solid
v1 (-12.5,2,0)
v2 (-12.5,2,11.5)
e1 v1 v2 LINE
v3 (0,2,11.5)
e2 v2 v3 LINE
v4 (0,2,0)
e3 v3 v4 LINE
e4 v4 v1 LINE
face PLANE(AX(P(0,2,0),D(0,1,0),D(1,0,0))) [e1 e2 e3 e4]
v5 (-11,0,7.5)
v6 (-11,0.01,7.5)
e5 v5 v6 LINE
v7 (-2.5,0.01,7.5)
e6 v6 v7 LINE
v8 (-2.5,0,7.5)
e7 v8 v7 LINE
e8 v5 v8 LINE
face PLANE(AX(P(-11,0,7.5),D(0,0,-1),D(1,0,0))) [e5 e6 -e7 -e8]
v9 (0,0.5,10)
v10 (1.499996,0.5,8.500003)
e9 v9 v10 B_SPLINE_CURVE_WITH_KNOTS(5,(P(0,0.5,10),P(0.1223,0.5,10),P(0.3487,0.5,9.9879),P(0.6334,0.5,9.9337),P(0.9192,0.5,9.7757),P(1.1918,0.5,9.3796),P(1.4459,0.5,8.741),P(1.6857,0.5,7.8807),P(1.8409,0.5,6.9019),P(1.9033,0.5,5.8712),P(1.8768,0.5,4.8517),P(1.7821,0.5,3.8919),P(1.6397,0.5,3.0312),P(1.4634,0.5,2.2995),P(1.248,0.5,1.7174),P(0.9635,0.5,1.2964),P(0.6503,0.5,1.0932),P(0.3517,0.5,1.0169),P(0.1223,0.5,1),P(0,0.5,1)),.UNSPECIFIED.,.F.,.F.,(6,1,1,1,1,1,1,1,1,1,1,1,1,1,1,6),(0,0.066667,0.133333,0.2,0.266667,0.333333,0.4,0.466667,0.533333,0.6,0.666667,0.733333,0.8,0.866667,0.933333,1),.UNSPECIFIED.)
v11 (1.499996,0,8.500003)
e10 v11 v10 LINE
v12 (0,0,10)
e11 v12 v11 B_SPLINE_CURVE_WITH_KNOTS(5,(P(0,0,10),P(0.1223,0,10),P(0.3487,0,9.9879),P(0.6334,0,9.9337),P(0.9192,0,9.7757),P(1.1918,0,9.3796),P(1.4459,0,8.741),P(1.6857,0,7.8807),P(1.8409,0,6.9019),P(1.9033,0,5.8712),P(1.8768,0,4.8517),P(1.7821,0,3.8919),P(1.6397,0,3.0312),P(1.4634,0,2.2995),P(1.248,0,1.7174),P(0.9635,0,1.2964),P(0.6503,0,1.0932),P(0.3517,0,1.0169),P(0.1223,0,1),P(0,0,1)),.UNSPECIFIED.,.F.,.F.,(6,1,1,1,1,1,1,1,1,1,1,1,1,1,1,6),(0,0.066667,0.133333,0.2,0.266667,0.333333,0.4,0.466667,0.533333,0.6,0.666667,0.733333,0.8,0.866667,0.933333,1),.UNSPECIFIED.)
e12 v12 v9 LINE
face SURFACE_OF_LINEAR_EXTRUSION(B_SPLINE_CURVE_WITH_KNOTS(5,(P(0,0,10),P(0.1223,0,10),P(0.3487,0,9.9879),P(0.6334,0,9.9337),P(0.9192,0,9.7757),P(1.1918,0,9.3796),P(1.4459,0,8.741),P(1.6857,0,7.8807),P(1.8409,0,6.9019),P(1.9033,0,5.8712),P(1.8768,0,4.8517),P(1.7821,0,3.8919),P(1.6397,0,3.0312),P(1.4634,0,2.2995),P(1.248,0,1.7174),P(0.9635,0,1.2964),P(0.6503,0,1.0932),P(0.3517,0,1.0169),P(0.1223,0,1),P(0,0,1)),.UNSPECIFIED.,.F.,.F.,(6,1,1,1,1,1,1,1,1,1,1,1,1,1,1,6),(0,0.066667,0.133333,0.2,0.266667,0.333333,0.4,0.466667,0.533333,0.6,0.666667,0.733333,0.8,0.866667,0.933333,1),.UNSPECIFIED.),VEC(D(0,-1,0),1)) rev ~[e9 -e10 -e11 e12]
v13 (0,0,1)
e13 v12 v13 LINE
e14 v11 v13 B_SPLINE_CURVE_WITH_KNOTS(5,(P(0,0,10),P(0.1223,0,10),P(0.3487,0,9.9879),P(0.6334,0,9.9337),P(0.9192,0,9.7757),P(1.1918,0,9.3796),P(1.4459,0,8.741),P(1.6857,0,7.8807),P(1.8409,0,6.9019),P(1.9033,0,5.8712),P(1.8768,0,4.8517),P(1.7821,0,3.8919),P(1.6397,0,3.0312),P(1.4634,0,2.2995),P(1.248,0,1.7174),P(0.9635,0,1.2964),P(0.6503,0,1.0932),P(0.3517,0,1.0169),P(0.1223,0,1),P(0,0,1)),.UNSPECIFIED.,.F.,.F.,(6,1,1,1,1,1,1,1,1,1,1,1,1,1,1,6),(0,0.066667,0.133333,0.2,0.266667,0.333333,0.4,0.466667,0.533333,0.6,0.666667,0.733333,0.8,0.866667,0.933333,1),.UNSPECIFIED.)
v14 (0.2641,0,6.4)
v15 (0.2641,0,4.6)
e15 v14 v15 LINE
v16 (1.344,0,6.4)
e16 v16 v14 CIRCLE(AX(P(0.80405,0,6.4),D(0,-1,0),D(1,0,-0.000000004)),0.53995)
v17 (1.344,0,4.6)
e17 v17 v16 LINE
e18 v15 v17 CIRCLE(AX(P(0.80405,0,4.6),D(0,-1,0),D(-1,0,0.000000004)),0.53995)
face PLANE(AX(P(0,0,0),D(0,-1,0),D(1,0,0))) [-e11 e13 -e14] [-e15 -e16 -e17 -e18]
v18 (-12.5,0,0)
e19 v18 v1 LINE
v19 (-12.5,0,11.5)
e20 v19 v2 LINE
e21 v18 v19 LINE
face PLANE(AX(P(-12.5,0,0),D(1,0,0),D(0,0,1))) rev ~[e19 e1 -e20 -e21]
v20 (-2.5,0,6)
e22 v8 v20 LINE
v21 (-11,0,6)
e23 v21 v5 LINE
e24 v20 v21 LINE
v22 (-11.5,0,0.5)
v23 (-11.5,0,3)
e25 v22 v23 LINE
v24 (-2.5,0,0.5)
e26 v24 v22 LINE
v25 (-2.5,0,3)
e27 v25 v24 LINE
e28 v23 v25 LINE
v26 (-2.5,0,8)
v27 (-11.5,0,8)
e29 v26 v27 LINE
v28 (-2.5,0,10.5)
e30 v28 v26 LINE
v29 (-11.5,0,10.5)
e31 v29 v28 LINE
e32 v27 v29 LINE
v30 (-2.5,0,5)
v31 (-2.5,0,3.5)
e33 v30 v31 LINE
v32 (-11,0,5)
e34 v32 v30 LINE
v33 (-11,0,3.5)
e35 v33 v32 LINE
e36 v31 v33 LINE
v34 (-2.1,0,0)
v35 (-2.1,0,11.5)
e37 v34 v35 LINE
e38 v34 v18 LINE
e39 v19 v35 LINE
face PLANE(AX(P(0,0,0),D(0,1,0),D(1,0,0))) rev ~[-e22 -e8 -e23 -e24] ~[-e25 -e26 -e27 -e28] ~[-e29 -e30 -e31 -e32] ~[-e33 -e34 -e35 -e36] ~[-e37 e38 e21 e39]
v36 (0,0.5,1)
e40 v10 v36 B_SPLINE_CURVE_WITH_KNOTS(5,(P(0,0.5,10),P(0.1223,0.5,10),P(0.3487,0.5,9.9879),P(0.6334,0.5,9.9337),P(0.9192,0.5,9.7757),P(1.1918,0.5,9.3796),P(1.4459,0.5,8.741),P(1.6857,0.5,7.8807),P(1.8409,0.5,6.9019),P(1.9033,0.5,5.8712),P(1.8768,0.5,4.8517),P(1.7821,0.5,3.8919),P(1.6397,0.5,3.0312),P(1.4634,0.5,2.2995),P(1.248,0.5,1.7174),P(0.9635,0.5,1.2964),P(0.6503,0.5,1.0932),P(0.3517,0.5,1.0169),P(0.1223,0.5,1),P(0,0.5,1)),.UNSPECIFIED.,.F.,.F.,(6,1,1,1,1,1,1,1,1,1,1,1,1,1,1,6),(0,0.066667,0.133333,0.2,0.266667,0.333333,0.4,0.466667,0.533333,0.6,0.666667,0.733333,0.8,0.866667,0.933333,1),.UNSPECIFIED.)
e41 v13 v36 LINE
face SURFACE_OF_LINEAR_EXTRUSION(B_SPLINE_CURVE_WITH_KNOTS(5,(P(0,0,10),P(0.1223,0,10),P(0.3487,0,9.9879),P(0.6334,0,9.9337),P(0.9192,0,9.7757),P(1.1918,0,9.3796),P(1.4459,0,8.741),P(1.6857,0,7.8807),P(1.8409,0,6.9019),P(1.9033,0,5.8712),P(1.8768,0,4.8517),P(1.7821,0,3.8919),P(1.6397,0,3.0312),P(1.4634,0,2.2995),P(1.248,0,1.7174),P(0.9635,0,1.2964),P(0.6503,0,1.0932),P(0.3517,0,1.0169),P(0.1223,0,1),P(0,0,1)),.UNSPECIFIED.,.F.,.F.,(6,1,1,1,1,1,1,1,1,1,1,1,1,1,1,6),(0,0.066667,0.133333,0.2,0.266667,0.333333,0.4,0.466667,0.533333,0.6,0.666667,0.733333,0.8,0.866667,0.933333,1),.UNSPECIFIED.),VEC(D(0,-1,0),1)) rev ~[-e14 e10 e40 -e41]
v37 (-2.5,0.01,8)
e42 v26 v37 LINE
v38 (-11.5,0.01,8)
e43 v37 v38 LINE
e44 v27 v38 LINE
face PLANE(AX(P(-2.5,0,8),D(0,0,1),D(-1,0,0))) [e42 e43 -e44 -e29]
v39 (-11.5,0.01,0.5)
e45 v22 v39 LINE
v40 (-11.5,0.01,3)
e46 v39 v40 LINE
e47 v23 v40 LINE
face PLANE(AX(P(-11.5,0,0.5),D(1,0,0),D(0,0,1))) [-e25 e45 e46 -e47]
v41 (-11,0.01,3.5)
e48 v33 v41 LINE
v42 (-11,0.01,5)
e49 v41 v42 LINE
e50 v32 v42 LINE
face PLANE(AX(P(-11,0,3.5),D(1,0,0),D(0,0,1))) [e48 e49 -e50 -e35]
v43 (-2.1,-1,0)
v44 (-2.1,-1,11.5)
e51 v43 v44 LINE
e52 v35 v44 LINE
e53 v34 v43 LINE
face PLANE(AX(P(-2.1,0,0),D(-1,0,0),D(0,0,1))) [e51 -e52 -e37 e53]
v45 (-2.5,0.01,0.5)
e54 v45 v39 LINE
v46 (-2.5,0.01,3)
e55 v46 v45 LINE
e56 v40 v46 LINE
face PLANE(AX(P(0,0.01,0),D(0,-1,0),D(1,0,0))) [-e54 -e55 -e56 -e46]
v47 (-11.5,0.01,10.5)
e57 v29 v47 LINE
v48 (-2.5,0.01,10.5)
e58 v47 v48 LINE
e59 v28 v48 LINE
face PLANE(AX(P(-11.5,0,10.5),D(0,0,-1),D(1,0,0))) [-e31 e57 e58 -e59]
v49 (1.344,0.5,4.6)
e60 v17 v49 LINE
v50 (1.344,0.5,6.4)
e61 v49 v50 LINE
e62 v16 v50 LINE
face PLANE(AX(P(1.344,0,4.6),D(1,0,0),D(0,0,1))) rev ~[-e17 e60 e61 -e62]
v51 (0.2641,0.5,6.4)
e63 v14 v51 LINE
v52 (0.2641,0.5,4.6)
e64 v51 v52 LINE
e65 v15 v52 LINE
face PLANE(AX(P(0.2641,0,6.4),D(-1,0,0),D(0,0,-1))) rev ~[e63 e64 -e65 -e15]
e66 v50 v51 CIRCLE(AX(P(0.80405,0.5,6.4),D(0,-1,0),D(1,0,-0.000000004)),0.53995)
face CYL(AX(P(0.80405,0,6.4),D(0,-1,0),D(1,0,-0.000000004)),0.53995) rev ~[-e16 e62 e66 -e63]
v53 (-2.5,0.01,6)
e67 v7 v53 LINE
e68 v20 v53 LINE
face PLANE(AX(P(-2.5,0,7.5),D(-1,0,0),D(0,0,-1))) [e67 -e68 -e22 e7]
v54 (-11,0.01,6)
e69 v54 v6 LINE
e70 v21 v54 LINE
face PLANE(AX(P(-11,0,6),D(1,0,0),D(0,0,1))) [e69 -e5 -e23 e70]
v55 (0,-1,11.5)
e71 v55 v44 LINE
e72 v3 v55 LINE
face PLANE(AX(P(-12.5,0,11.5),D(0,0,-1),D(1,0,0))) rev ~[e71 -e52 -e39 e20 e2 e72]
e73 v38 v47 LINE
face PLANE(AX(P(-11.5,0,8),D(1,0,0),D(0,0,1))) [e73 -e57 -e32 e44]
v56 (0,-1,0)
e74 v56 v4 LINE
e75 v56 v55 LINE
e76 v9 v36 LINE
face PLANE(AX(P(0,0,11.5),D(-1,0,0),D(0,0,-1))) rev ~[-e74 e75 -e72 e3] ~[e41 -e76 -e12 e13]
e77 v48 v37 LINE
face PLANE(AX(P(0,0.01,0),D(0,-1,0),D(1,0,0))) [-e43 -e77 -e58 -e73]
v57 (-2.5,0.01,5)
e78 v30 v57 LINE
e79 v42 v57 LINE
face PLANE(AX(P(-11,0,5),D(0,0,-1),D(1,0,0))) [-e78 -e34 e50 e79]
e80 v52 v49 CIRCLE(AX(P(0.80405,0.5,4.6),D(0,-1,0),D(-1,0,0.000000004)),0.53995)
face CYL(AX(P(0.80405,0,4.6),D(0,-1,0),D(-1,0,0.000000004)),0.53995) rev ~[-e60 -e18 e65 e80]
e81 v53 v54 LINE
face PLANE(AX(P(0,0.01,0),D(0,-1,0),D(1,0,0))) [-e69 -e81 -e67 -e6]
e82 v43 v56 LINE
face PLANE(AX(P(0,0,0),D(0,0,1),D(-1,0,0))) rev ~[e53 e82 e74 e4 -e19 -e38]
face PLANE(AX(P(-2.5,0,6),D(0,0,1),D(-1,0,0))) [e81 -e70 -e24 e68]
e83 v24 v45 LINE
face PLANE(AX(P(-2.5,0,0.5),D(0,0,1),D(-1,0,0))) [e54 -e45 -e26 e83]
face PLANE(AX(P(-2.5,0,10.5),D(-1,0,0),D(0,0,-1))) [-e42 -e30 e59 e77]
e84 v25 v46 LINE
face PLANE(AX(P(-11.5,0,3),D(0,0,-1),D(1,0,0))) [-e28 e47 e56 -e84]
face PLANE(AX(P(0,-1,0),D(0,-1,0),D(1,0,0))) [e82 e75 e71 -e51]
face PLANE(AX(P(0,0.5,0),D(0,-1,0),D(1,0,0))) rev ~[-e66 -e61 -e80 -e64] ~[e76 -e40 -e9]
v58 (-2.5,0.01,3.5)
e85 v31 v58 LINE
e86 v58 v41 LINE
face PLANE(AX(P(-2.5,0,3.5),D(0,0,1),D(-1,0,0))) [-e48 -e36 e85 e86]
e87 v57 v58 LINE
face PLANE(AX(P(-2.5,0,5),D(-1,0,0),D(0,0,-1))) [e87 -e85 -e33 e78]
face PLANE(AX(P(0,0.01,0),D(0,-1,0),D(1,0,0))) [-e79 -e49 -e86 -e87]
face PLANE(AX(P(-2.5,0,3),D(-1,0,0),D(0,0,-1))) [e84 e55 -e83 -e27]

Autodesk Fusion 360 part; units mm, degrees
sketch "Sketch1" plane through (0, 0, 0) normal (0, 1, 0) x (1, 0, 0)
  line L0 (0, 0) -> (-12.5, 0)
  line L1 (-12.5, 0) -> (-12.5, -11.5)
  line L2 (-12.5, -11.5) -> (0, -11.5)
  line L3 (0, -11.5) -> (0, 0)
  dimension "d1" = 12.5
  dimension "d2" = 11.5
extrude "Extrude1" add sketch "Sketch1" along normal blind 2
sketch "Sketch2" plane through (0, 0, 0) normal (0, -1, 0) x (1, 0, 0)
  line L0 (0, 0) -> (0, 11.5)
  line L1 (0, 11.5) -> (-12.5, 11.5)
  line L2 (-12.5, 11.5) -> (-12.5, 0)
  line L3 (-12.5, 0) -> (0, 0)
  line L4 (0, 0) -> (-2.1, 0)
  line L5 (-2.1, 0) -> (-2.1, 11.5)
  line L6 (-2.1, 11.5) -> (0, 11.5)
  line L7 (0, 11.5) -> (0, 0)
  dimension "d5" = 2.1
extrude "Extrude2" add sketch "Sketch2" along normal blind 1 contours L0 L1 L3 L4 L5 L6 L7
sketch "Sketch3" plane through (0, 0, 0) normal (0, -1, 0) x (1, 0, 0)
  line L0 (-2.1, 0) -> (-2.1, 11.5)
  line L1 (-2.1, 11.5) -> (-12.5, 11.5)
  line L2 (-12.5, 11.5) -> (-12.5, 0)
  line L3 (-12.5, 0) -> (-2.1, 0)
  spline S0 degree 5 poles (0, 10) (0.1223, 10) (0.3487, 9.9879) (0.6334, 9.9337) (0.9192, 9.7757) (1.1918, 9.3796) (1.4459, 8.741) (1.6857, 7.8807) (1.8409, 6.9019) (1.9033, 5.8712) (1.8768, 4.8517) (1.7821, 3.8919) (1.6397, 3.0312) (1.4634, 2.2995) (1.248, 1.7174) (0.9635, 1.2964) (0.6503, 1.0932) (0.3517, 1.0169) (0.1223, 1) (0, 1) knots 0 0 0 0 0 0 0.066667 0.133333 0.2 0.266667 0.333333 0.4 0.466667 0.533333 0.6 0.666667 0.733333 0.8 0.866667 0.933333 1 1 1 1 1 1
  line L4 (0.2641, 6.4) -> (0.2641, 4.6)
  arc A0 (0.2641, 4.6) -> (1.344, 4.6) centre (0.804, 4.6) ccw
  line L5 (1.344, 4.6) -> (1.344, 6.4)
  arc A1 (1.344, 6.4) -> (0.2641, 6.4) centre (0.804, 6.4) ccw
  line L6 (0.804, 6.4) -> (0.804, 4.6) construction
  line L7 (1.2151, 9.4545) -> (1.7849, 7.5455)
  line L8 (0, 10) -> (0, 1)
  line L9 (-1, 10) -> (1, 10)
  line L10 (1, 1) -> (-1, 1)
  point P0 (1.5, 8.5)
  point P1 (1.5, 2.5)
  point P2 (0.804, 5.5)
  dimension "d8" = 5.5
  dimension "d9" = 1.8
extrude "Extrude3" add sketch "Sketch3" against normal blind 0.5 contours S0 L8
sketch "Sketch4" plane through (0, 0, 0) normal (0, -1, 0) x (1, 0, 0)
  line L0 (-2.1, 0) -> (-2.1, 11.5)
  line L1 (-2.1, 11.5) -> (-12.5, 11.5)
  line L2 (-12.5, 11.5) -> (-12.5, 0)
  line L3 (-12.5, 0) -> (-2.1, 0)
  line L4 (-11.5, 10.5) -> (-2.5, 10.5)
  line L5 (-2.5, 10.5) -> (-2.5, 8)
  line L6 (-2.5, 8) -> (-11.5, 8)
  line L7 (-11.5, 8) -> (-11.5, 10.5)
  line L8 (-2.5, 0.5) -> (-11.5, 0.5)
  line L9 (-11.5, 0.5) -> (-11.5, 3)
  line L10 (-11.5, 3) -> (-2.5, 3)
  line L11 (-2.5, 3) -> (-2.5, 0.5)
  line L12 (-11, 7.5) -> (-2.5, 7.5)
  line L13 (-2.5, 7.5) -> (-2.5, 6)
  line L14 (-2.5, 6) -> (-11, 6)
  line L15 (-11, 6) -> (-11, 7.5)
  line L16 (-2.5, 3.5) -> (-11, 3.5)
  line L17 (-11, 3.5) -> (-11, 5)
  line L18 (-11, 5) -> (-2.5, 5)
  line L19 (-2.5, 5) -> (-2.5, 3.5)
extrude "Extrude4" cut sketch "Sketch4" against normal blind 0.01 contours L4 L5 L6 L7 | L8 L9 L10 L11 | L12 L13 L14 L15 | L16 L17 L18 L19
